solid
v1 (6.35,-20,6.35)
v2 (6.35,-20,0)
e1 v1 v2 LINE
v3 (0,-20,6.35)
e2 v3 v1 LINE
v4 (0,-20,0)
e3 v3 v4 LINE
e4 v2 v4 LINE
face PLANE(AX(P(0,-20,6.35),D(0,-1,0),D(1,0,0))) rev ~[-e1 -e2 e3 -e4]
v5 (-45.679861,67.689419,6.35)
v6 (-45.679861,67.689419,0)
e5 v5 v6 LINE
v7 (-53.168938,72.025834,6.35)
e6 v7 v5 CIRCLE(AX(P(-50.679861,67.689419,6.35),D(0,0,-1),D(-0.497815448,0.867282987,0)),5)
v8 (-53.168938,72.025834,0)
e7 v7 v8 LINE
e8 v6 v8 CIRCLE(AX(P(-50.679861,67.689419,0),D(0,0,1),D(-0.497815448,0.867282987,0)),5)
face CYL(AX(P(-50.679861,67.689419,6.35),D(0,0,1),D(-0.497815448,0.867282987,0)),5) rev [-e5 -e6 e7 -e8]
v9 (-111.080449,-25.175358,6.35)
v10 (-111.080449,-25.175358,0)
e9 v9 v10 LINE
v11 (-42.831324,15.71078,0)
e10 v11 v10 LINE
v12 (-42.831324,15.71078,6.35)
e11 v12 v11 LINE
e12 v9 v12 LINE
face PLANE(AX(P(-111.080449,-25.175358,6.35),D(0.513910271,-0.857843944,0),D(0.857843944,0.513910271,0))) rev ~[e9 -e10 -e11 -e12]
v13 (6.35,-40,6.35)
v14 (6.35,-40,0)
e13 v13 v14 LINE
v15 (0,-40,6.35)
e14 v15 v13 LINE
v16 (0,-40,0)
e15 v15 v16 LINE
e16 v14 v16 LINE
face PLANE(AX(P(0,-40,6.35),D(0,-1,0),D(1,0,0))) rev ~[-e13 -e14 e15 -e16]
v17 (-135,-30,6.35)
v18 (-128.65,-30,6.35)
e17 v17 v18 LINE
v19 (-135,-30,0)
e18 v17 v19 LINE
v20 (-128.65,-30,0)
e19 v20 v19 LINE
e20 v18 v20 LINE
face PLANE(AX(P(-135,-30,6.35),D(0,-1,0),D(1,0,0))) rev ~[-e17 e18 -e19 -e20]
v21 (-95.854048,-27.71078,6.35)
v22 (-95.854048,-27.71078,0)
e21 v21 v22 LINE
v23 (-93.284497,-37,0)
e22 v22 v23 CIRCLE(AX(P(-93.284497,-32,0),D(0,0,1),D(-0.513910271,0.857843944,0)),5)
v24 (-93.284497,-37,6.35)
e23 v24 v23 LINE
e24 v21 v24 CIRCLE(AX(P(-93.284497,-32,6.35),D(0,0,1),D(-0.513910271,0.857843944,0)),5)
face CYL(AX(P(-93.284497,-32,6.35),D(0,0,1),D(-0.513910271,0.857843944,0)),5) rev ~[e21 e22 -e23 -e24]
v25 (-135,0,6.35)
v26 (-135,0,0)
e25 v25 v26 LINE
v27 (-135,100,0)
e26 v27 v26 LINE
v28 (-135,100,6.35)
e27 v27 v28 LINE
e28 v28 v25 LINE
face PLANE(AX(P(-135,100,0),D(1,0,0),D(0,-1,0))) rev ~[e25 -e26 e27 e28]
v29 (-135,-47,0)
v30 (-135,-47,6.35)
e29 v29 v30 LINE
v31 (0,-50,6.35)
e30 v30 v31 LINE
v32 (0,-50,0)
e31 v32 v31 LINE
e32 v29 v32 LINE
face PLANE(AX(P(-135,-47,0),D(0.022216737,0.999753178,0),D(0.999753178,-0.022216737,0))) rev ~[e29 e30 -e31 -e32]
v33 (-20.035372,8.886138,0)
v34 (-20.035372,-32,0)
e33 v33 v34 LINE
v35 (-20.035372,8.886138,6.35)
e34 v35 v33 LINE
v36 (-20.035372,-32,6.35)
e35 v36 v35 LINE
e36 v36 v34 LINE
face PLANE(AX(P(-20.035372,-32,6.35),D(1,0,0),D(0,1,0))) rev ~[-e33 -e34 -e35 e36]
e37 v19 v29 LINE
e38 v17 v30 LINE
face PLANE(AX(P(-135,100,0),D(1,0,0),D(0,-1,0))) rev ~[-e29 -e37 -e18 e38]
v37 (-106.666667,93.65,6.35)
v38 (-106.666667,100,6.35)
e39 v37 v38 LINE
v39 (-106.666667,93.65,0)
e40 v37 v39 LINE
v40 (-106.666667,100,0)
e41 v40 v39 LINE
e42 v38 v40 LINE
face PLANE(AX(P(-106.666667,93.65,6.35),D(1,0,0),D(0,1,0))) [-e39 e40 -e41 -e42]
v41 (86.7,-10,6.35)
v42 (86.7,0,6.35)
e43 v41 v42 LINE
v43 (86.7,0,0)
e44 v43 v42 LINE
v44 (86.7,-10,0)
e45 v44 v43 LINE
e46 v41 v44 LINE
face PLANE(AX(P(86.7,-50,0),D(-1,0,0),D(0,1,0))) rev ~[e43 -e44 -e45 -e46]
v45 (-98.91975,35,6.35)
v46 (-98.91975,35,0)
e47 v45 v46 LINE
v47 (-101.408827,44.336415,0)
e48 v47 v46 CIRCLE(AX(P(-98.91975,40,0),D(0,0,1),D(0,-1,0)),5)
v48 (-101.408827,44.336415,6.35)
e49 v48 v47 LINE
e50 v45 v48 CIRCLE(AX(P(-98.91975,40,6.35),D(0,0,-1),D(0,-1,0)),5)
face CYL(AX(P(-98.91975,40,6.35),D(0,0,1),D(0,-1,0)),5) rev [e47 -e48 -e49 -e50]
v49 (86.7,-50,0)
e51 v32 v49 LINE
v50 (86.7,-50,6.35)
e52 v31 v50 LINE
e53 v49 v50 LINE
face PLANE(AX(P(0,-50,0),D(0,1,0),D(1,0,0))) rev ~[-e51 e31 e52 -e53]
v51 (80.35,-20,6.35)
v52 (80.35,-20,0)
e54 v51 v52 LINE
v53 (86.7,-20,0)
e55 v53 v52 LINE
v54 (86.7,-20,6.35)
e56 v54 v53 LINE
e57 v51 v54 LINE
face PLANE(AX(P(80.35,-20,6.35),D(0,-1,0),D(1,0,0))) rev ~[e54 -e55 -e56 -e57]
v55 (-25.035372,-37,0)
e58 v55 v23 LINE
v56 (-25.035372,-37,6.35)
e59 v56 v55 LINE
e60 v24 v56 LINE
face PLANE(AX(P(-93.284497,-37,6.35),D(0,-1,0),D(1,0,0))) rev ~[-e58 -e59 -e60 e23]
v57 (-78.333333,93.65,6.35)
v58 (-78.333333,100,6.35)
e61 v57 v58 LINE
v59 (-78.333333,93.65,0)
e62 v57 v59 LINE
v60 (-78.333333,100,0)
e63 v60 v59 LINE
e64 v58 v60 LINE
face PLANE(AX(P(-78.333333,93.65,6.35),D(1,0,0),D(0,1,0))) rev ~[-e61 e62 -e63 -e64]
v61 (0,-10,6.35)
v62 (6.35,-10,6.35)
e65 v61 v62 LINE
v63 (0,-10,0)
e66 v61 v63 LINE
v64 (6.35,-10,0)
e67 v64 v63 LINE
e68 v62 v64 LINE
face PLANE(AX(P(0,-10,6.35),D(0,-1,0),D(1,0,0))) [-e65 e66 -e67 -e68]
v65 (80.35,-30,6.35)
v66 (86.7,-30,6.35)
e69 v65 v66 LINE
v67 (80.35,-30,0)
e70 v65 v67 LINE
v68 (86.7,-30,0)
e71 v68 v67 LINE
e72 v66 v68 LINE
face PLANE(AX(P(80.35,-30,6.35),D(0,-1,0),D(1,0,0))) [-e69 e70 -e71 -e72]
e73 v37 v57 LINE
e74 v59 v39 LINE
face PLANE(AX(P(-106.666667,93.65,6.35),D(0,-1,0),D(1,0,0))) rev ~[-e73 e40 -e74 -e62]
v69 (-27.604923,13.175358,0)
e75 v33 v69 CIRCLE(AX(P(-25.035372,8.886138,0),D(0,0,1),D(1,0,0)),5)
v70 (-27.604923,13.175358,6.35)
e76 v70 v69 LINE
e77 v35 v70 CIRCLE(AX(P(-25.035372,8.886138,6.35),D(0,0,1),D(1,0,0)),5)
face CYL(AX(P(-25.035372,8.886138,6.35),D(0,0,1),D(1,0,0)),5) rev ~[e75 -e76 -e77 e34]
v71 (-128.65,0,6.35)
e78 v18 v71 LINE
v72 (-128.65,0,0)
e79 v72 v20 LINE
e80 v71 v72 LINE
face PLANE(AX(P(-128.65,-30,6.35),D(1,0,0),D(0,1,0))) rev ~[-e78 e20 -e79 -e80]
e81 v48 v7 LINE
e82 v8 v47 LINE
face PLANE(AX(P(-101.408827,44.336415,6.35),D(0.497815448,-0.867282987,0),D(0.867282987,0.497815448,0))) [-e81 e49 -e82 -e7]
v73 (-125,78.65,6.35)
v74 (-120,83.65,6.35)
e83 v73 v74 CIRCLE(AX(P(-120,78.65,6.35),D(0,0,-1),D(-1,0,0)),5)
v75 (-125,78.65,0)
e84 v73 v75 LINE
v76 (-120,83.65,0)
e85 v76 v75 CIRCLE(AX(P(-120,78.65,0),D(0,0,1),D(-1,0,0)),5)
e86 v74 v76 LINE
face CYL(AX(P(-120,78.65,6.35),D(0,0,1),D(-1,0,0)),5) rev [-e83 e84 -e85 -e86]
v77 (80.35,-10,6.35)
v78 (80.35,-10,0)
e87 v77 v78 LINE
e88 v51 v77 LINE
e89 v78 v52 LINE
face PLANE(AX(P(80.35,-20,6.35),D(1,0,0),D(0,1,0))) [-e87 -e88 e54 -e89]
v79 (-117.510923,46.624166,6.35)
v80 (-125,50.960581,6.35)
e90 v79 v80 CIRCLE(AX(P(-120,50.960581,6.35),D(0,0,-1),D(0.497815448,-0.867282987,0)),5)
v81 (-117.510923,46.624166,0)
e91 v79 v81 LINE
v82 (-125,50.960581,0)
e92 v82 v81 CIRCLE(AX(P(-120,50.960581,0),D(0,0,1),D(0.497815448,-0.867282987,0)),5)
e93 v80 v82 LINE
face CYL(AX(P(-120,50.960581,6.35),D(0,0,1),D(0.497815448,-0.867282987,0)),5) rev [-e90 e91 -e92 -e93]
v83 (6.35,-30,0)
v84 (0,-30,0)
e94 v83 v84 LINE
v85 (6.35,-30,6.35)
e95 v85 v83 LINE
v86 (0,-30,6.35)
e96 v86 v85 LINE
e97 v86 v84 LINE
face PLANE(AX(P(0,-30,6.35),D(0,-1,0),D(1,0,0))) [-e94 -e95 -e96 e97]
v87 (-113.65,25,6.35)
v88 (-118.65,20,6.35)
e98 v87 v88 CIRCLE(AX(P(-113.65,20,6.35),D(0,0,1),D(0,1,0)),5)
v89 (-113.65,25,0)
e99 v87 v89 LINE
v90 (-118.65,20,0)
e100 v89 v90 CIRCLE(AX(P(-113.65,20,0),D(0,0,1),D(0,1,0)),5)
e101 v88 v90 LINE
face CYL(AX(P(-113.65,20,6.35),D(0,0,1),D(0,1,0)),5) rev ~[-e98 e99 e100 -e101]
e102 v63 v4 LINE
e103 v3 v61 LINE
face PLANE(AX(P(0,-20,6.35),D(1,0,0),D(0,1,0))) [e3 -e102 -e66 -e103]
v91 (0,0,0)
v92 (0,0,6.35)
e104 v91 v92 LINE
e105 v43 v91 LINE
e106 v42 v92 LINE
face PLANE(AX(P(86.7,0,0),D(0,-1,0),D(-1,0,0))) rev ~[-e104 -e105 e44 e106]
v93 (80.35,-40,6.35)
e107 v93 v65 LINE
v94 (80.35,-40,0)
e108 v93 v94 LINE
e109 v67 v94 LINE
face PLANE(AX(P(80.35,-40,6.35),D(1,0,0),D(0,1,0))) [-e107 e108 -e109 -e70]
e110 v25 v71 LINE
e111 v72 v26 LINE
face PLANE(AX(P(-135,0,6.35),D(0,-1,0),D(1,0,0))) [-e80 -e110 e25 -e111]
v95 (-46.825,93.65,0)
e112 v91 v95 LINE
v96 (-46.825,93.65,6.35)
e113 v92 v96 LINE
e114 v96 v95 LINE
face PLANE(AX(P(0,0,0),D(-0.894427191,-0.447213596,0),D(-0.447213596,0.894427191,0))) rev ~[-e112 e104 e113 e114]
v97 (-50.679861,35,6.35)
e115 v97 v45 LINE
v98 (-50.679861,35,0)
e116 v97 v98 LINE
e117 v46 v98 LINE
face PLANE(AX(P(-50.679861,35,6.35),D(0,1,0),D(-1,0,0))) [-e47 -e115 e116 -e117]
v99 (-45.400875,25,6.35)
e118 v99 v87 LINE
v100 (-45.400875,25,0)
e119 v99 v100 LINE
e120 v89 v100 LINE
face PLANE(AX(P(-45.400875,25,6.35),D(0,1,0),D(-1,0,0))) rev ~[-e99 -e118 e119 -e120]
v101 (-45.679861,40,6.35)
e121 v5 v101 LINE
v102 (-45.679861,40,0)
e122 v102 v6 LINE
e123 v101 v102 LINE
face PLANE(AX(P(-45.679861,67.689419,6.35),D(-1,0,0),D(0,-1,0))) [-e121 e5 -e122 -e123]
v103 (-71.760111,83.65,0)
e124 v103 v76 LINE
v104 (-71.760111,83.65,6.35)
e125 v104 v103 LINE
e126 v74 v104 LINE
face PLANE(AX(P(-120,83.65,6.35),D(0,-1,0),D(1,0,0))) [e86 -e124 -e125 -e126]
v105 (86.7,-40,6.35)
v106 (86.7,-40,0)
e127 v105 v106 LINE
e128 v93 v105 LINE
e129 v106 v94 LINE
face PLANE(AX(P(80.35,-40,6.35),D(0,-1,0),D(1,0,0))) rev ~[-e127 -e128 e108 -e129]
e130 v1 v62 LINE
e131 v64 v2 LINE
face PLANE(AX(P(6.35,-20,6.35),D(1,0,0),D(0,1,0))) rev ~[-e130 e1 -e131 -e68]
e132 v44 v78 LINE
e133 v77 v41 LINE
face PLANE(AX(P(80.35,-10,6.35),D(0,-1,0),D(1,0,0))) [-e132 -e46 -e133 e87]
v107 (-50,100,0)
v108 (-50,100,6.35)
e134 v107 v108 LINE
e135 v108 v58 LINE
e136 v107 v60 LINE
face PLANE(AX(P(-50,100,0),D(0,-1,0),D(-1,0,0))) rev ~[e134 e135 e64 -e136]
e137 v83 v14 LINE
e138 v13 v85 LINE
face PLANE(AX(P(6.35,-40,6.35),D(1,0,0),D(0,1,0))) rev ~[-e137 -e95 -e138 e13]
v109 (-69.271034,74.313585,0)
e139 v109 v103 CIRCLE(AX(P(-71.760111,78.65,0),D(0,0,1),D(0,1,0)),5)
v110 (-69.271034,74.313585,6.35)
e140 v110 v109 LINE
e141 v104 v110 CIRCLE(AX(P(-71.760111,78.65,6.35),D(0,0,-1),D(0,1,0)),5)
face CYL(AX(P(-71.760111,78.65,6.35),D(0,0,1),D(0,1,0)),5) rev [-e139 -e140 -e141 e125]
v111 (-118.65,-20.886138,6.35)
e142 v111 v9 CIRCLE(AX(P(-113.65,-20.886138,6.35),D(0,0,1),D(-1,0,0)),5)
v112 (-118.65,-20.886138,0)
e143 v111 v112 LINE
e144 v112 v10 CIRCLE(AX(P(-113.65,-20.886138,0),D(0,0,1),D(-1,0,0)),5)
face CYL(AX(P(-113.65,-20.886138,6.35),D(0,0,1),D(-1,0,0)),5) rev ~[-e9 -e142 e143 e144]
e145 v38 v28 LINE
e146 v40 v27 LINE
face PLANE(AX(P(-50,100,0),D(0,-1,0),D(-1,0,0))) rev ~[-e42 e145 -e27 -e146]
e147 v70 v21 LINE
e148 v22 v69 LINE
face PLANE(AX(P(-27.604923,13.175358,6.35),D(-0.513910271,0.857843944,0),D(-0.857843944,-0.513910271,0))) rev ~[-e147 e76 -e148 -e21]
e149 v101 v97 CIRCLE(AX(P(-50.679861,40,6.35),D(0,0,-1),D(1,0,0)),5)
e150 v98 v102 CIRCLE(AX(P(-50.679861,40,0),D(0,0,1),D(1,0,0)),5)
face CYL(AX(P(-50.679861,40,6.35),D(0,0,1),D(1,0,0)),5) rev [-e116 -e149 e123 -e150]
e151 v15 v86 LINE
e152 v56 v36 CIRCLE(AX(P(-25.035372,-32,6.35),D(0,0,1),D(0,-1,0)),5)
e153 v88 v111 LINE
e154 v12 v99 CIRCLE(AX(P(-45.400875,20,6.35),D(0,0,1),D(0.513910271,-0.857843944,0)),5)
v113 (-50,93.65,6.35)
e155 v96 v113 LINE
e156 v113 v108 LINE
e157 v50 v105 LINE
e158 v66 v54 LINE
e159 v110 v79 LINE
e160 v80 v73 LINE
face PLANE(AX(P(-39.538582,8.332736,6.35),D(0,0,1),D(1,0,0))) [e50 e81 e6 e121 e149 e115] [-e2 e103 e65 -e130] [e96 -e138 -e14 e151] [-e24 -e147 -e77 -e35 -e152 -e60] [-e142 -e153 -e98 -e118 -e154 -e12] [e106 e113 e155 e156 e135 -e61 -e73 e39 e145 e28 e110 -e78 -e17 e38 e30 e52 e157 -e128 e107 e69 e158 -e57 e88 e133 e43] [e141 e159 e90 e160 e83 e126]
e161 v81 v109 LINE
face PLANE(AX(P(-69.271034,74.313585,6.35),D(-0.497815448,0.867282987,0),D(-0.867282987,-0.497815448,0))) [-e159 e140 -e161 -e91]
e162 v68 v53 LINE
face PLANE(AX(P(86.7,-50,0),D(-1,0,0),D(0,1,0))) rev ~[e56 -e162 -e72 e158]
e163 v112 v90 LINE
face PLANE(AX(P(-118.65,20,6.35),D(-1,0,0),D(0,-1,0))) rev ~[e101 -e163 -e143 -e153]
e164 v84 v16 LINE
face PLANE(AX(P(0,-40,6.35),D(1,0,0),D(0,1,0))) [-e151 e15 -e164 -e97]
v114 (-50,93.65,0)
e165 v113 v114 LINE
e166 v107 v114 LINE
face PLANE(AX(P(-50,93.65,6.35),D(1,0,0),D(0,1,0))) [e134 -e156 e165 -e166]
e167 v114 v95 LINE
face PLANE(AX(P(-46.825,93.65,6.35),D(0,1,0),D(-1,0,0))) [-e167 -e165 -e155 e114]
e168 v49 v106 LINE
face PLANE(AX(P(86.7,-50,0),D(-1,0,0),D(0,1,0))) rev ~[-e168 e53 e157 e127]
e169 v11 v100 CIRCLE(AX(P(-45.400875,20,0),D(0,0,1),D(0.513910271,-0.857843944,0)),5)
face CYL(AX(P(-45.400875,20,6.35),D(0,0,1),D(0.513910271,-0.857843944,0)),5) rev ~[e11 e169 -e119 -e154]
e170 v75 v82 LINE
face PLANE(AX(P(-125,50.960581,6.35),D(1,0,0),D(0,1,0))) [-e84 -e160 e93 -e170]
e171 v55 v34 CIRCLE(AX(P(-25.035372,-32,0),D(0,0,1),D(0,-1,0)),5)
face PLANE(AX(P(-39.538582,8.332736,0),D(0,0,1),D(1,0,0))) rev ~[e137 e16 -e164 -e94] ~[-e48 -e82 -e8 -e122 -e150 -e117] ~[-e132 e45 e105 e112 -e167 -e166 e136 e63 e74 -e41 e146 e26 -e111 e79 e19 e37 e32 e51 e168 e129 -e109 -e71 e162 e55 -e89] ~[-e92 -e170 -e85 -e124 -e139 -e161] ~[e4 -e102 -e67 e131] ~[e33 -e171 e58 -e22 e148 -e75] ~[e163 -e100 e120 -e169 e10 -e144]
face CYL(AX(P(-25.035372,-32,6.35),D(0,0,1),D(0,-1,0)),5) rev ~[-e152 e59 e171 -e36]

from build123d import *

# Parameters (mm, degrees)
BODY_DEPTH               = 6.35
CROSS_SUPPORT_REACH      = 170.123
SKETCH2_W                = 6.35
SKETCH2_H                = 30
SIDE_SUPPORTS_REACH      = 170.123
SKETCH3_W                = 6.35
SKETCH3_H                = 10
TOP_MOUNTING_TEETH_REACH = 170.123
SKETCH4_W                = 28.333333334
SKETCH4_H                = 6.35
LIGHTNING_HOLES_REACH    = 170.123


with BuildPart() as part:
    # Sketch1 → Body (new body)
    with BuildSketch(Plane.XY):
        Polygon((86.7, -50), (86.7, 0), (0, 0), (-50, 100), (-135, 100), (-135, -47), (0, -50), align=None)
    extrude(amount=BODY_DEPTH)

    # Sketch2 → Cross support (cut, up to next)
    with BuildSketch(Plane.XY.offset(6.35), mode=Mode.PRIVATE) as cross_support_sk1:
        with Locations((-131.825, -15)):
            Rectangle(SKETCH2_W, SKETCH2_H)
    cross_support_tool1 = extrude(cross_support_sk1.sketch, amount=-CROSS_SUPPORT_REACH, mode=Mode.PRIVATE) & part.part
    add(cross_support_tool1.solids().sort_by_distance((-131.825, -15, 6.35))[0], mode=Mode.SUBTRACT)

    # Sketch3 → Side supports (cut, up to next)
    with BuildSketch(Plane.XY.offset(6.35), mode=Mode.PRIVATE) as side_supports_sk1:
        with Locations((83.525, -15)):
            Rectangle(SKETCH3_W, SKETCH3_H)
    side_supports_tool1 = extrude(side_supports_sk1.sketch, amount=-SIDE_SUPPORTS_REACH, mode=Mode.PRIVATE) & part.part
    # Sketch3 → Side supports (cut, up to next)
    with BuildSketch(Plane.XY.offset(6.35), mode=Mode.PRIVATE) as side_supports_sk2:
        with Locations((83.525, -35)):
            Rectangle(SKETCH3_W, SKETCH3_H)
    side_supports_tool2 = extrude(side_supports_sk2.sketch, amount=-SIDE_SUPPORTS_REACH, mode=Mode.PRIVATE) & part.part
    # Sketch3 → Side supports (cut, up to next)
    with BuildSketch(Plane.XY.offset(6.35), mode=Mode.PRIVATE) as side_supports_sk3:
        with Locations((3.175, -35)):
            Rectangle(SKETCH3_W, SKETCH3_H)
    side_supports_tool3 = extrude(side_supports_sk3.sketch, amount=-SIDE_SUPPORTS_REACH, mode=Mode.PRIVATE) & part.part
    # Sketch3 → Side supports (cut, up to next)
    with BuildSketch(Plane.XY.offset(6.35), mode=Mode.PRIVATE) as side_supports_sk4:
        with Locations((3.175, -15)):
            Rectangle(SKETCH3_W, SKETCH3_H)
    side_supports_tool4 = extrude(side_supports_sk4.sketch, amount=-SIDE_SUPPORTS_REACH, mode=Mode.PRIVATE) & part.part
    add(side_supports_tool1.solids().sort_by_distance((83.525, -15, 6.35))[0], mode=Mode.SUBTRACT)
    add(side_supports_tool2.solids().sort_by_distance((83.525, -35, 6.35))[0], mode=Mode.SUBTRACT)
    add(side_supports_tool3.solids().sort_by_distance((3.175, -35, 6.35))[0], mode=Mode.SUBTRACT)
    add(side_supports_tool4.solids().sort_by_distance((3.175, -15, 6.35))[0], mode=Mode.SUBTRACT)

    # Sketch4 → Top mounting teeth (cut, up to next)
    with BuildSketch(Plane.XY.offset(6.35), mode=Mode.PRIVATE) as top_mounting_teeth_sk1:
        with Locations((-92.5, 96.825)):
            Rectangle(SKETCH4_W, SKETCH4_H)
    top_mounting_teeth_tool1 = extrude(top_mounting_teeth_sk1.sketch, amount=-TOP_MOUNTING_TEETH_REACH, mode=Mode.PRIVATE) & part.part
    # Sketch4 → Top mounting teeth (cut, up to next)
    with BuildSketch(Plane.XY.offset(6.35), mode=Mode.PRIVATE) as top_mounting_teeth_sk2:
        Polygon((-46.825, 93.65), (-50, 93.65), (-50, 100), align=None)
    top_mounting_teeth_tool2 = extrude(top_mounting_teeth_sk2.sketch, amount=-TOP_MOUNTING_TEETH_REACH, mode=Mode.PRIVATE) & part.part
    add(top_mounting_teeth_tool1.solids().sort_by_distance((-92.5, 96.825, 6.35))[0], mode=Mode.SUBTRACT)
    add(top_mounting_teeth_tool2.solids().sort_by_distance((-48.941667, 95.766667, 6.35))[0], mode=Mode.SUBTRACT)

    # Sketch6 → Lightning holes (cut, up to next)
    with BuildSketch(Plane.XY.offset(6.35), mode=Mode.PRIVATE) as lightning_holes_sk1:
        with BuildLine():
            Line((-118.65, 20), (-118.65, -20.886138472))
            ThreePointArc((-118.65, -20.886138472), (-116.114979028, -25.236296905), (-111.080448644, -25.175358194))
            Line((-111.080448644, -25.175358194), (-42.831323725, 15.710780278))
            ThreePointArc((-42.831323725, 15.710780278), (-40.581845168, 21.333023141), (-45.400875081, 25))
            Line((-45.400875081, 25), (-113.65, 25))
            ThreePointArc((-113.65, 25), (-117.185533906, 23.535533906), (-118.65, 20))
        make_face()
    lightning_holes_tool1 = extrude(lightning_holes_sk1.sketch, amount=-LIGHTNING_HOLES_REACH, mode=Mode.PRIVATE) & part.part
    # Sketch6 → Lightning holes (cut, up to next)
    with BuildSketch(Plane.XY.offset(6.35), mode=Mode.PRIVATE) as lightning_holes_sk2:
        with BuildLine():
            Line((-93.284496967, -37), (-25.035372048, -37))
            ThreePointArc((-25.035372048, -37), (-21.499838142, -35.535533906), (-20.035372048, -32))
            Line((-20.035372048, -32), (-20.035372048, 8.886138472))
            ThreePointArc((-20.035372048, 8.886138472), (-22.57039302, 13.236296905), (-27.604923404, 13.175358194))
            Line((-27.604923404, 13.175358194), (-95.854048323, -27.710780278))
            ThreePointArc((-95.854048323, -27.710780278), (-98.10352688, -33.333023141), (-93.284496967, -37))
        make_face()
    lightning_holes_tool2 = extrude(lightning_holes_sk2.sketch, amount=-LIGHTNING_HOLES_REACH, mode=Mode.PRIVATE) & part.part
    # Sketch6 → Lightning holes (cut, up to next)
    with BuildSketch(Plane.XY.offset(6.35), mode=Mode.PRIVATE) as lightning_holes_sk3:
        with BuildLine():
            Line((-125, 50.960581269), (-125, 78.65))
            ThreePointArc((-125, 78.65), (-123.535533906, 82.185533906), (-120, 83.65))
            Line((-120, 83.65), (-71.760111312, 83.65))
            ThreePointArc((-71.760111312, 83.65), (-66.928855022, 79.938007244), (-69.271034073, 74.313585064))
            Line((-69.271034073, 74.313585064), (-117.510922761, 46.624166333))
            ThreePointArc((-117.510922761, 46.624166333), (-122.505455428, 46.633608529), (-125, 50.960581269))
        make_face()
    lightning_holes_tool3 = extrude(lightning_holes_sk3.sketch, amount=-LIGHTNING_HOLES_REACH, mode=Mode.PRIVATE) & part.part
    # Sketch6 → Lightning holes (cut, up to next)
    with BuildSketch(Plane.XY.offset(6.35), mode=Mode.PRIVATE) as lightning_holes_sk4:
        with BuildLine():
            Line((-101.408826755, 44.336414936), (-53.168938067, 72.025833667))
            ThreePointArc((-53.168938067, 72.025833667), (-48.1744054, 72.016391471), (-45.679860828, 67.689418731))
            Line((-45.679860828, 67.689418731), (-45.679860828, 40))
            ThreePointArc((-45.679860828, 40), (-47.144326922, 36.464466094), (-50.679860828, 35))
            Line((-50.679860828, 35), (-98.919749516, 35))
            ThreePointArc((-98.919749516, 35), (-103.751005806, 38.711992756), (-101.408826755, 44.336414936))
        make_face()
    lightning_holes_tool4 = extrude(lightning_holes_sk4.sketch, amount=-LIGHTNING_HOLES_REACH, mode=Mode.PRIVATE) & part.part
    add(lightning_holes_tool1.solids().sort_by_distance((-89.16746, 6.594151, 6.35))[0], mode=Mode.SUBTRACT)
    add(lightning_holes_tool2.solids().sort_by_distance((-49.517912, -18.594151, 6.35))[0], mode=Mode.SUBTRACT)
    add(lightning_holes_tool3.solids().sort_by_distance((-102.306081, 69.637212, 6.35))[0], mode=Mode.SUBTRACT)
    add(lightning_holes_tool4.solids().sort_by_distance((-68.37378, 49.012788, 6.35))[0], mode=Mode.SUBTRACT)


solid = part.part
